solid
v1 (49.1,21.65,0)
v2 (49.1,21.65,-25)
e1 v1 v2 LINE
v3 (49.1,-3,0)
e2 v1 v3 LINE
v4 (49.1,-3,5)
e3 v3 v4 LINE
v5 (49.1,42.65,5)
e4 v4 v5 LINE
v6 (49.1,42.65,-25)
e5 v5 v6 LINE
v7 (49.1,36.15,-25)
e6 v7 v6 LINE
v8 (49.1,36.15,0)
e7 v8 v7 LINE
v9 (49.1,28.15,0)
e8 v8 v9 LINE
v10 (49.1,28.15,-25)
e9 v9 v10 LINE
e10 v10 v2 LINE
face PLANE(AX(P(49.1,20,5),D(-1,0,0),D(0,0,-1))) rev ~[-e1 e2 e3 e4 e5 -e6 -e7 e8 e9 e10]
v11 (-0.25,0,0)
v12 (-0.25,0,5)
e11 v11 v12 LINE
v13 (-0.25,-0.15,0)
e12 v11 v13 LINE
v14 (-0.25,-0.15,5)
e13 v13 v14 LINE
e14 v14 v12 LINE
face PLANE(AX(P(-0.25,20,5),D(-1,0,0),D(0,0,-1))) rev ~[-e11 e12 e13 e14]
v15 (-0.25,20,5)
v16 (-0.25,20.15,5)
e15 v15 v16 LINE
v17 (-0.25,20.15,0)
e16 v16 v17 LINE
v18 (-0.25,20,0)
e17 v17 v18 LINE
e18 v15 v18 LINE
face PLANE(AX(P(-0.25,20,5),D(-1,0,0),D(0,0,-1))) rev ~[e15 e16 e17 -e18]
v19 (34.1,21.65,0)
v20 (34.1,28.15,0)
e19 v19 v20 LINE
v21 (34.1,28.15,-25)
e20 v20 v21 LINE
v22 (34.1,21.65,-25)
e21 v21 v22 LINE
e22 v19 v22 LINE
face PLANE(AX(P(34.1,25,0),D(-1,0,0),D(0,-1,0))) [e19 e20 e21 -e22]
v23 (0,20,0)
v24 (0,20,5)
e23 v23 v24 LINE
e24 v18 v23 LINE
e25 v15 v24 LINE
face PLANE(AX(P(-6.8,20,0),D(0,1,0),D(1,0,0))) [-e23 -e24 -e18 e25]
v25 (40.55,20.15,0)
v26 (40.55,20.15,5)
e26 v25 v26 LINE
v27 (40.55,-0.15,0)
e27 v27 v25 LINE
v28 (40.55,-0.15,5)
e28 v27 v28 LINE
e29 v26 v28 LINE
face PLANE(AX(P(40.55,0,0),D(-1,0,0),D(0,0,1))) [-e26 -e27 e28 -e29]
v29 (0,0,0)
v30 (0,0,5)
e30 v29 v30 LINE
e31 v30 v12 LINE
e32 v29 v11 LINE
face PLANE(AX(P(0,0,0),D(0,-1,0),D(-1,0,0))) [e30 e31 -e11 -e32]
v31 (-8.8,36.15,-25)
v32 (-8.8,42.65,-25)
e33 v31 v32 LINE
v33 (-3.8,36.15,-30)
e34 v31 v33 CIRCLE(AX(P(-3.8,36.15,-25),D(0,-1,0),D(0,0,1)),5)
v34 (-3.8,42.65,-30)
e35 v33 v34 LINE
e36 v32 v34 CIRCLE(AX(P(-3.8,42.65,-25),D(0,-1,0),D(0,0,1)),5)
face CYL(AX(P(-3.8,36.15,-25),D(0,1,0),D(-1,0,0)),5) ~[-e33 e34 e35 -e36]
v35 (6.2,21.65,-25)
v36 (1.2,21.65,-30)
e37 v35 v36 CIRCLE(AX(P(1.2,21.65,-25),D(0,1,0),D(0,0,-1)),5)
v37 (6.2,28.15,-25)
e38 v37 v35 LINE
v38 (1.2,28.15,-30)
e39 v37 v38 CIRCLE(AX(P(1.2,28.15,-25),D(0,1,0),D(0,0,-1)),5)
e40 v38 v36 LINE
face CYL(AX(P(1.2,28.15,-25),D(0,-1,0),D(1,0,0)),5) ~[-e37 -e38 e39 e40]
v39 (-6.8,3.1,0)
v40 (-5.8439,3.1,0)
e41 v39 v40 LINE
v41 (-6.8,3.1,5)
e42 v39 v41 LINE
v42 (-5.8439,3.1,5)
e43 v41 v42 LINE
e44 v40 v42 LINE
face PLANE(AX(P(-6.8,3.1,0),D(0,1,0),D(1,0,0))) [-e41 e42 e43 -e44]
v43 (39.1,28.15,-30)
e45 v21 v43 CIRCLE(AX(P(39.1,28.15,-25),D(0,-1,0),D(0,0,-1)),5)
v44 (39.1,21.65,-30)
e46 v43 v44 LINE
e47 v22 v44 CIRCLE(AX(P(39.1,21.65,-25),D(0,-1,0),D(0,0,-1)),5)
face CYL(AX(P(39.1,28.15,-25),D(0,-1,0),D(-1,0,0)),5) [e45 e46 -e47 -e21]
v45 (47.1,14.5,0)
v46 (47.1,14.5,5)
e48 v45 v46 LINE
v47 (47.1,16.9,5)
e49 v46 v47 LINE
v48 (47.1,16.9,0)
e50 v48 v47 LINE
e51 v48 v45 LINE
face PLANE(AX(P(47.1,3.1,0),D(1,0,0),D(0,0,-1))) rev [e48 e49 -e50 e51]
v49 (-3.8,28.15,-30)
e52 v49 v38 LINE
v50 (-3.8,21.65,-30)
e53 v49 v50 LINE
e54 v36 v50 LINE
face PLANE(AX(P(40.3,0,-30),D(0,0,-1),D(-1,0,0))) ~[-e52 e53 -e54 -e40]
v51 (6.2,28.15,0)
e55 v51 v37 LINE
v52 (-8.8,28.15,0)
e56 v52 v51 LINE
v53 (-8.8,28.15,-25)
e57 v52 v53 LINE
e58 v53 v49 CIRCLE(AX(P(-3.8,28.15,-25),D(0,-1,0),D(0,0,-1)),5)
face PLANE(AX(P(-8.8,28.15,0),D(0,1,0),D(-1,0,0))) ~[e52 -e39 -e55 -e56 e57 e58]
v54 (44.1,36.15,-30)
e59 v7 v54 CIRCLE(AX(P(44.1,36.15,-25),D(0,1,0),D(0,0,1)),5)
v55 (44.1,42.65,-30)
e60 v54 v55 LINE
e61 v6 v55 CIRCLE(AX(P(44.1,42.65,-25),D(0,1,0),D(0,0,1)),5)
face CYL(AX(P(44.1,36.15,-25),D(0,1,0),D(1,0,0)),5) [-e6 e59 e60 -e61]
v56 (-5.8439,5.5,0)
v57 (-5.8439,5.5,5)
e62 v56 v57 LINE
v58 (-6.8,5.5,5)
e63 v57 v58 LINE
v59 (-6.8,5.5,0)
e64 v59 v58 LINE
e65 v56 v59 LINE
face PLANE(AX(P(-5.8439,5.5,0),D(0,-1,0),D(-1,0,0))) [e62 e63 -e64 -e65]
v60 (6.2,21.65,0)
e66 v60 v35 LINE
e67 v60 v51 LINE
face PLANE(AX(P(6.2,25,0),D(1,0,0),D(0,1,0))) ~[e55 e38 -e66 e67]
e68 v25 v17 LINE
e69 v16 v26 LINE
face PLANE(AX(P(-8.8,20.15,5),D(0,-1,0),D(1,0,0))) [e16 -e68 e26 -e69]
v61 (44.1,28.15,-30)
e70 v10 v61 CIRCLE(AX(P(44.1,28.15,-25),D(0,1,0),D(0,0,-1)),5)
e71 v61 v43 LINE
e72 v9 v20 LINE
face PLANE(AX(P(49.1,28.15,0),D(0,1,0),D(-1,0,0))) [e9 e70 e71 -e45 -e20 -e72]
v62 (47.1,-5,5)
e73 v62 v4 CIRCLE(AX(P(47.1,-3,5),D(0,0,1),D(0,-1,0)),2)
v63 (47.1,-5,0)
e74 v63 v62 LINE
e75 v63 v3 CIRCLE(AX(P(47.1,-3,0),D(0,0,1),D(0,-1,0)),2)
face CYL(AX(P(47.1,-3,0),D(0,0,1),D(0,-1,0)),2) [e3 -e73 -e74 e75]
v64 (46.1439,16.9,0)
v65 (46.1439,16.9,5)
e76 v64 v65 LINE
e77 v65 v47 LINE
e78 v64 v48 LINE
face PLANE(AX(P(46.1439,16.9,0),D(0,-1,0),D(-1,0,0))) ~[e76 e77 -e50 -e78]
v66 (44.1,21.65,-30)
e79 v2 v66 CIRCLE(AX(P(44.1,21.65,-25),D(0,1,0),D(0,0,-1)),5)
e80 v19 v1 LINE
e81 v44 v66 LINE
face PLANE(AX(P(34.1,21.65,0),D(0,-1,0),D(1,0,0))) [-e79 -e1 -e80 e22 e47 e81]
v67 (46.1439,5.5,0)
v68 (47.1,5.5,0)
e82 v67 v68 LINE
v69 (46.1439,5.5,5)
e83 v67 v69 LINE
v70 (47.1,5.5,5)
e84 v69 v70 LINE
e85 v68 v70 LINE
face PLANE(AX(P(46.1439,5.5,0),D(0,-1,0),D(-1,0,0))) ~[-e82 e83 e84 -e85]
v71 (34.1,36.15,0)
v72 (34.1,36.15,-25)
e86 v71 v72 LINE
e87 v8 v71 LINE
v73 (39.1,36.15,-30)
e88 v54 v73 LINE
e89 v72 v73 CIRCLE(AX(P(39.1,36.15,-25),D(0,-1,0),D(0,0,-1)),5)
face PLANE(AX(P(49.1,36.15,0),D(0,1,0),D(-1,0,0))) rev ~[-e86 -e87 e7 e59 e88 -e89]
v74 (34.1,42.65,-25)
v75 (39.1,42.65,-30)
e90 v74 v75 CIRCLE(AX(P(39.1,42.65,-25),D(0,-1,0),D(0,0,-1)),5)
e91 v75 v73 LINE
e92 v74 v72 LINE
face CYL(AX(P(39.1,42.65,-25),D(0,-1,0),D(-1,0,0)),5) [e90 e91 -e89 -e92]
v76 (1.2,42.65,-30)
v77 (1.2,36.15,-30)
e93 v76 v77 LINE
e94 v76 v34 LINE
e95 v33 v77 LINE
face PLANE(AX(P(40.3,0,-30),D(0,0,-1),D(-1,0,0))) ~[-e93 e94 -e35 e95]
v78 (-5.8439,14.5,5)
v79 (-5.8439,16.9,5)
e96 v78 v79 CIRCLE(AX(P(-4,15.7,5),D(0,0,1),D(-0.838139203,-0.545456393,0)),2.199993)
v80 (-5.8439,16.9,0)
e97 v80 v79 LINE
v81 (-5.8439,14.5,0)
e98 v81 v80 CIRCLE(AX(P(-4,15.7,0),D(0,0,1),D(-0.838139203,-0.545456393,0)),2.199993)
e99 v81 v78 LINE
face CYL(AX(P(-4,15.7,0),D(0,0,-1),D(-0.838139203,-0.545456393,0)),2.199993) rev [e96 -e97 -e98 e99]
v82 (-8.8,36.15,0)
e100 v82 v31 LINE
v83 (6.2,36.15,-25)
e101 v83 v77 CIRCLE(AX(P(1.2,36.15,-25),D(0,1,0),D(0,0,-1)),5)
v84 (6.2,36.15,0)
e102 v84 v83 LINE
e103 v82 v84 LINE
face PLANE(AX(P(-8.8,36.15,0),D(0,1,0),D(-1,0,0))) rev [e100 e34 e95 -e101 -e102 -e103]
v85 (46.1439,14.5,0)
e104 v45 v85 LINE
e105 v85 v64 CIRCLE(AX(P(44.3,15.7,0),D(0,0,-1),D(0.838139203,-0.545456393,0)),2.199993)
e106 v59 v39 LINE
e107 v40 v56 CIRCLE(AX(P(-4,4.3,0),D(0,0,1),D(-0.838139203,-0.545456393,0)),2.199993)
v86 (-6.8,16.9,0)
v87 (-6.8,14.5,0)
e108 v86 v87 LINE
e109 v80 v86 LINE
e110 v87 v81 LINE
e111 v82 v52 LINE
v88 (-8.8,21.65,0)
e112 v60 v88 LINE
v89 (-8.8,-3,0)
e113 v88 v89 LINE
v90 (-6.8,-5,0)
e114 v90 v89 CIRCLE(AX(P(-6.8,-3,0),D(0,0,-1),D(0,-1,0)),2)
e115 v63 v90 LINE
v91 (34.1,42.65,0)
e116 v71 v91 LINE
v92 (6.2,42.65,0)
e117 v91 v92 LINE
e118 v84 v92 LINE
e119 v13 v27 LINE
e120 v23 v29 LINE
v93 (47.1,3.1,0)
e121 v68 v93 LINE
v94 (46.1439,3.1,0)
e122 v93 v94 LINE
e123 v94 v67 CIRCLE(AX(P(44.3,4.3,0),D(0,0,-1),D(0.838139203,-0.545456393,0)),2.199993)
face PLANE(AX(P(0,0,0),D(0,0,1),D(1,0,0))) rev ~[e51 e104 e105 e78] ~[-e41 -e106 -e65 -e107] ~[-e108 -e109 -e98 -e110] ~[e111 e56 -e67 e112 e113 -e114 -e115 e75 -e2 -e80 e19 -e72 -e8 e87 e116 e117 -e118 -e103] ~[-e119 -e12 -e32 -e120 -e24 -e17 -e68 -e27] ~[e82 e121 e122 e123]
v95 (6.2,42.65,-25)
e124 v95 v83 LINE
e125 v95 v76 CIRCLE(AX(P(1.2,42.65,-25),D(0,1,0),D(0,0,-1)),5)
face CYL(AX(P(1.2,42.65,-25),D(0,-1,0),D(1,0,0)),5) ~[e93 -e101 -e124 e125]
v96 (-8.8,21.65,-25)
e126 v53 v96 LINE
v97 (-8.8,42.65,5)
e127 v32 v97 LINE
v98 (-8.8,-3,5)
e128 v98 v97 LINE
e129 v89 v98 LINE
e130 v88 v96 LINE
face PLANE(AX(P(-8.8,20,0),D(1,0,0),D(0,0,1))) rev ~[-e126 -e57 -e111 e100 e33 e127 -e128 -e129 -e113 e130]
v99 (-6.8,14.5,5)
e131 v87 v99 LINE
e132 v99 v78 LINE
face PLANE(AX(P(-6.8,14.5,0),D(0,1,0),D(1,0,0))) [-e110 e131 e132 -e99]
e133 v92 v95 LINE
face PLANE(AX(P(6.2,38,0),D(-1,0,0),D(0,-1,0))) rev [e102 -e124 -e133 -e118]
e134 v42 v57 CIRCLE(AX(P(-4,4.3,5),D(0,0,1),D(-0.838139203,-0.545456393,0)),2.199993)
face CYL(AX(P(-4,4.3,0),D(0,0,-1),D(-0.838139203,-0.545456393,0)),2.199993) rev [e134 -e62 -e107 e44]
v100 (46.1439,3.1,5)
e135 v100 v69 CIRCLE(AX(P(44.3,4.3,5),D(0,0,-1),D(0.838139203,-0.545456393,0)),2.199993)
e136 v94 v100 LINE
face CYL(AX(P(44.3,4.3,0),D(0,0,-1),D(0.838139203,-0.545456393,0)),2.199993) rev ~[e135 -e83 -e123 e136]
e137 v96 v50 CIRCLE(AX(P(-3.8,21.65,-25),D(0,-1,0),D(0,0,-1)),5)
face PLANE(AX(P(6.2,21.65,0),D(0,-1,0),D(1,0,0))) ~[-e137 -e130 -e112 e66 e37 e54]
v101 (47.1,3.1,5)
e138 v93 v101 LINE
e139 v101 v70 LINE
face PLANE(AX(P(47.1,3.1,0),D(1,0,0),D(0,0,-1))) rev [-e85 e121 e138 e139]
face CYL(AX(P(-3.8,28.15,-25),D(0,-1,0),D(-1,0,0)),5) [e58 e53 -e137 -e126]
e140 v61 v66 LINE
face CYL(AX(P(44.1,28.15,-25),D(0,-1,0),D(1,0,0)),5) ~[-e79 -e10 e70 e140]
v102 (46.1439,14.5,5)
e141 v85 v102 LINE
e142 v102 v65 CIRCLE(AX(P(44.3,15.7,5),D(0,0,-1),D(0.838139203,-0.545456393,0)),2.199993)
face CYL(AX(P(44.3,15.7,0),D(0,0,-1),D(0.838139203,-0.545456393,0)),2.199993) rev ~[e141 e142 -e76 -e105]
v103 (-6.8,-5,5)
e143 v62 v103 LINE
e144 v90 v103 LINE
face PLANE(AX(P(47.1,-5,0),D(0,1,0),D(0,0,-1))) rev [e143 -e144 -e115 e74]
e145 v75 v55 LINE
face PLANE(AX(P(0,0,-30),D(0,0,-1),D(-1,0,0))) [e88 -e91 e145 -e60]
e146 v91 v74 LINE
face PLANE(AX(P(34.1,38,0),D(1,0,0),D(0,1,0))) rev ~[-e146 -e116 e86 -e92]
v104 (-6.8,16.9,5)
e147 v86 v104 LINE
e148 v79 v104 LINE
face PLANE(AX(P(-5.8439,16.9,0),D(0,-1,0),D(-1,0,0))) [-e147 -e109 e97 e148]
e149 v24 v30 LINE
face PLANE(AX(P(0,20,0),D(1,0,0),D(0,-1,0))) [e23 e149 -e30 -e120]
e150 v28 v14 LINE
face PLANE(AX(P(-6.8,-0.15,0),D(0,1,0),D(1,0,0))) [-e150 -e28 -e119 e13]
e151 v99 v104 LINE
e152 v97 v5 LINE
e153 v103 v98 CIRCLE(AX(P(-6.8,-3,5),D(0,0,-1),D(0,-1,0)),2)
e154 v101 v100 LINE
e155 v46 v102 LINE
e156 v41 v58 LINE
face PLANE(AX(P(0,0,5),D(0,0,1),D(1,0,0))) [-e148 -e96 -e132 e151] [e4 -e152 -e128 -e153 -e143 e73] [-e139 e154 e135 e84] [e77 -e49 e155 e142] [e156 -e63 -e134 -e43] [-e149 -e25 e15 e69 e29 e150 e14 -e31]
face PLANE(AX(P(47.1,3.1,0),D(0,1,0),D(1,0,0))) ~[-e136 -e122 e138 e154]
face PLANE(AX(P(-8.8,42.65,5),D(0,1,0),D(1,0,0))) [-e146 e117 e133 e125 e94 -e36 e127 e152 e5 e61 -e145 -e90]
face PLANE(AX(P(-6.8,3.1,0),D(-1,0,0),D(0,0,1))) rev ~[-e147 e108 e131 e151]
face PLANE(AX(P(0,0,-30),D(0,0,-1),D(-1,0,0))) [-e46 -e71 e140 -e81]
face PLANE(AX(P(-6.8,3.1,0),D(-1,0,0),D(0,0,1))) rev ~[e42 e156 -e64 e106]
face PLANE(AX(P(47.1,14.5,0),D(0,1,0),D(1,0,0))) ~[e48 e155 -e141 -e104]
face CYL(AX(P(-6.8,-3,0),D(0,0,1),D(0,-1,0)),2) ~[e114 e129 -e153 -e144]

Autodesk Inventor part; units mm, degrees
ref_plane "YZ Plane" through (0, 0, 0) normal (1, 0, 0) x (0, 1, 0)
ref_plane "XZ Plane" through (0, 0, 0) normal (0, 1, 0) x (-1, 0, 0)
sketch "Sketch1" plane through (0, 0, 0) normal (0, 0, 1) x (1, 0, 0)
  line L0 (0, 0) -> (-6.8, 0)
  line L1 (-6.8, 0) -> (-6.8, 20)
  line L2 (-6.8, 20) -> (0, 20)
  line L3 (0, 20) -> (0, 0)
  line L4 (-5.8439, 5.5) -> (-6.8, 5.5) projected
  line L5 (-6.8, 14.5) -> (-6.8, 5.5) projected
  line L6 (-6.8, 14.5) -> (-5.8439, 14.5) projected
  arc A0 (-5.8439, 14.5) -> (-5.8439, 16.9) centre (-4, 15.7) ccw projected
  line L7 (-5.8439, 16.9) -> (-6.8, 16.9) projected
  line L8 (-6.8, 20) -> (-6.8, 16.9) projected
  line L9 (0, 20) -> (-6.8, 20) projected
  line L10 (0, 0) -> (0, 20) projected
  line L11 (0, 0) -> (-6.8, 0) projected
  line L12 (-6.8, 3.1) -> (-6.8, 0) projected
  line L13 (-6.8, 3.1) -> (-5.8439, 3.1) projected
  arc A1 (-5.8439, 3.1) -> (-5.8439, 5.5) centre (-4, 4.3) ccw projected
  dimension "d0" = 6.8
  dimension "d1" = 20
extrude "Extrusion1" add sketch "Sketch1" along normal blind 5 contours L0 L1 L13 A1 L4 L6 A0 L7 L2 L3
ref_plane "Work Plane1" through (20.15, 10, -1.65) normal (-1, 0, 0) x (0, 1, 0)
mirror "Mirror1" about plane through (20.15, 10, -1.65) normal (-1, 0, 0) of "Extrusion1"
sketch "Sketch2" plane through (-6.8, 0, 0) normal (0, -1, 0) x (1, 0, 0)
  line L0 (0, 0) -> (53.9, 0)
  line L1 (53.9, 0) -> (53.9, 5)
  line L2 (53.9, 5) -> (0, 5)
  line L3 (0, 5) -> (0, 0)
  dimension "d4" = 53.9
extrude "Extrusion2" add sketch "Sketch2" along normal blind 5
sketch "Sketch3" plane through (-6.8, 3.1, 0) normal (-1, 0, 0) x (0, 0, 1)
  line L0 (0, -8.1) -> (5, -8.1)
  line L1 (5, -8.1) -> (5, 16.9)
  line L2 (5, 16.9) -> (0, 16.9)
  line L3 (0, 16.9) -> (0, -8.1)
  point P0 (0, -3.1)
  dimension "d7" = 25
extrude "Extrusion3" add sketch "Sketch3" along normal blind 2
mirror "Mirror2" about plane through (20.15, 10, -1.65) normal (-1, 0, 0) of "Extrusion3"
fillet "Fillet1" radius 2 1 edges at (-8.8, -5, 2.5)
fillet "Fillet2" radius 2 1 edges at (49.1, -5, 2.5)
sketch "Sketch4" plane through (0, 20, 5) normal (1, 0, 0) x (0, 0, -1)
  line L0 (5, -20) -> (5, 0) projected
  line L1 (5, 0) -> (0, 0) projected
  line L2 (0, -20) -> (0, 0) projected
  line L3 (5, -20) -> (0, -20) projected
extrude "Extrusion4" cut sketch "Sketch4" against normal blind 0.25
mirror "Mirror3" about plane through (20.15, 10, -1.65) normal (-1, 0, 0) of "Extrusion4"
sketch "Sketch5" plane through (-8.8, 20, 5) normal (0, 1, 0) x (1, 0, 0)
  line L0 (0, 0) -> (57.9, 0)
  line L1 (57.9, 0) -> (57.9, 5)
  line L2 (57.9, 5) -> (0, 5)
  line L3 (0, 5) -> (0, 0)
  point P0 (8.8, 5)
  dimension "d14" = 57.9
extrude "Extrusion5" add sketch "Sketch5" along normal blind 5
sketch "Sketch6" plane through (-8.8, 20, 5) normal (0, -1, 0) x (1, 0, 0)
  line L0 (8.55, 0) -> (8.55, -5) projected
  line L1 (49.35, -5) -> (8.55, -5) projected
  line L2 (49.35, -5) -> (49.35, 0) projected
  line L3 (8.55, 0) -> (49.35, 0) projected
  point P0 (8.8, -5)
extrude "Extrusion6" cut sketch "Sketch6" against normal blind 0.15
sketch "Sketch7" plane through (-6.8, 0, 0) normal (0, 1, 0) x (1, 0, 0)
  line L0 (47.35, -5) -> (6.55, -5) projected
  line L1 (47.35, 0) -> (47.35, -5) projected
  line L2 (6.55, 0) -> (47.35, 0) projected
  line L3 (6.55, 0) -> (6.55, -5) projected
  point P0 (6.8, 0)
extrude "Extrusion7" cut sketch "Sketch7" against normal blind 0.15
sketch "Sketch16" plane through (-8.8, 25, 5) normal (0, 1, 0) x (1, 0, 0)
  line L0 (0, 0) -> (57.9, 0) projected
  line L1 (0, 5) -> (15, 5)
  line L2 (15, 5) -> (15, 0)
  line L3 (15, 0) -> (0, 0)
  line L4 (0, 0) -> (0, 5)
  line L5 (57.9, 5) -> (42.9, 5)
  line L6 (42.9, 5) -> (42.9, 0)
  line L7 (42.9, 0) -> (57.9, 0)
  line L8 (57.9, 0) -> (57.9, 5)
  point P0 (8.8, 5)
  dimension "d48" = 15
  dimension "d49" = 15
extrude "Extrusion13" add sketch "Sketch16" along normal blind 18
sketch "Sketch17" plane through (0, 0, 0) normal (0, 0, -1) x (-1, 0, 0)
  line L0 (8.8, -3) -> (8.8, 43) projected
  line L1 (-34.1, 25) -> (-34.1, 43) projected
  line L2 (-49.1, 43) -> (-49.1, -3) projected
  line L3 (-49.1, 43) -> (-34.1, 43)
  line L4 (-34.1, 38) -> (-34.1, 36.5)
  line L5 (-49.1, 36.5) -> (-49.1, 43)
  line L6 (-6.2, 43) -> (8.8, 43)
  line L7 (8.8, 43) -> (8.8, 38)
  line L8 (8.8, 38) -> (-6.2, 38)
  line L9 (-6.2, 38) -> (-6.2, 43)
  line L10 (-49.1, 28.15) -> (-34.1, 28.15)
  line L11 (-34.1, 28.15) -> (-34.1, 21.65)
  line L12 (-34.1, 21.65) -> (-49.1, 21.65)
  line L13 (-49.1, 21.65) -> (-49.1, 28.15)
  line L14 (-6.2, 25) -> (8.8, 25)
  line L15 (8.8, 25) -> (8.8, 30)
  line L16 (8.8, 30) -> (-6.2, 30)
  line L17 (-6.2, 30) -> (-6.2, 25)
  line L18 (-40.55, 20.15) -> (0.25, 20.15) projected
  line L19 (-49.1, 36.15) -> (-34.1, 36.15)
  line L20 (-34.1, 36.15) -> (-34.1, 42.65)
  line L21 (-34.1, 42.65) -> (-49.1, 42.65)
  line L22 (-49.1, 42.65) -> (-49.1, 36.15)
  point P0 (0, 0)
  dimension "d54" = 6.5
  dimension "d75" = 1.5
  dimension "d76" = 8
  dimension "d77" = 6.5
sketch "Sketch19" plane through (-8.8, 25, 5) normal (0, 1, 0) x (1, 0, 0)
  line L0 (15, 5) -> (15, 0) projected
  line L1 (15, 0) -> (42.9, 0) projected
  line L2 (42.9, 0) -> (42.9, 5) projected
  line L3 (42.9, 5) -> (15, 5) projected
  point P0 (8.8, 5)
extrude "Extrusion17" add sketch "Sketch19" along normal up to surface (18 mm away)
extrude "Extrusion18" add sketch "Sketch17" along normal blind 30 contours L11 L12 L2 L10 L1 | L19 L2 L21 L1
fillet "Fillet16" radius 5 4 edges at (49.1, 39.4, -30) (34.1, 39.4, -30) (34.1, 24.9, -30) (49.1, 24.9, -30)
mirror "Mirror6" about plane through (20.15, 10, -1.65) normal (-1, 0, 0) of "Extrusion18", "Mirror1"
sketch "Sketch20" plane through (-8.8, 43, 5) normal (0, 1, 0) x (1, 0, 0)
  line L0 (57.9, 5) -> (0, 5) projected
  line L1 (0, 5) -> (0, 0) projected
  line L2 (0, 0) -> (57.9, 0) projected
  line L3 (57.9, 0) -> (57.9, 5) projected
  point P0 (8.8, 5)
extrude "Extrusion19" cut sketch "Sketch20" against normal up to surface (0.35 mm away)
mirror "Mirror7" about plane through (20.15, 10, -1.65) normal (-1, 0, 0) of "Fillet16"
ref_plane "Work Plane2" through (20.15, 10, -1.65) normal (-1, 0, 0) x (0, 1, 0)
ref_plane "Work Plane3" through (20.15, 10, -1.65) normal (-1, 0, 0) x (0, 1, 0)
properties part number "CameraCraddle"
